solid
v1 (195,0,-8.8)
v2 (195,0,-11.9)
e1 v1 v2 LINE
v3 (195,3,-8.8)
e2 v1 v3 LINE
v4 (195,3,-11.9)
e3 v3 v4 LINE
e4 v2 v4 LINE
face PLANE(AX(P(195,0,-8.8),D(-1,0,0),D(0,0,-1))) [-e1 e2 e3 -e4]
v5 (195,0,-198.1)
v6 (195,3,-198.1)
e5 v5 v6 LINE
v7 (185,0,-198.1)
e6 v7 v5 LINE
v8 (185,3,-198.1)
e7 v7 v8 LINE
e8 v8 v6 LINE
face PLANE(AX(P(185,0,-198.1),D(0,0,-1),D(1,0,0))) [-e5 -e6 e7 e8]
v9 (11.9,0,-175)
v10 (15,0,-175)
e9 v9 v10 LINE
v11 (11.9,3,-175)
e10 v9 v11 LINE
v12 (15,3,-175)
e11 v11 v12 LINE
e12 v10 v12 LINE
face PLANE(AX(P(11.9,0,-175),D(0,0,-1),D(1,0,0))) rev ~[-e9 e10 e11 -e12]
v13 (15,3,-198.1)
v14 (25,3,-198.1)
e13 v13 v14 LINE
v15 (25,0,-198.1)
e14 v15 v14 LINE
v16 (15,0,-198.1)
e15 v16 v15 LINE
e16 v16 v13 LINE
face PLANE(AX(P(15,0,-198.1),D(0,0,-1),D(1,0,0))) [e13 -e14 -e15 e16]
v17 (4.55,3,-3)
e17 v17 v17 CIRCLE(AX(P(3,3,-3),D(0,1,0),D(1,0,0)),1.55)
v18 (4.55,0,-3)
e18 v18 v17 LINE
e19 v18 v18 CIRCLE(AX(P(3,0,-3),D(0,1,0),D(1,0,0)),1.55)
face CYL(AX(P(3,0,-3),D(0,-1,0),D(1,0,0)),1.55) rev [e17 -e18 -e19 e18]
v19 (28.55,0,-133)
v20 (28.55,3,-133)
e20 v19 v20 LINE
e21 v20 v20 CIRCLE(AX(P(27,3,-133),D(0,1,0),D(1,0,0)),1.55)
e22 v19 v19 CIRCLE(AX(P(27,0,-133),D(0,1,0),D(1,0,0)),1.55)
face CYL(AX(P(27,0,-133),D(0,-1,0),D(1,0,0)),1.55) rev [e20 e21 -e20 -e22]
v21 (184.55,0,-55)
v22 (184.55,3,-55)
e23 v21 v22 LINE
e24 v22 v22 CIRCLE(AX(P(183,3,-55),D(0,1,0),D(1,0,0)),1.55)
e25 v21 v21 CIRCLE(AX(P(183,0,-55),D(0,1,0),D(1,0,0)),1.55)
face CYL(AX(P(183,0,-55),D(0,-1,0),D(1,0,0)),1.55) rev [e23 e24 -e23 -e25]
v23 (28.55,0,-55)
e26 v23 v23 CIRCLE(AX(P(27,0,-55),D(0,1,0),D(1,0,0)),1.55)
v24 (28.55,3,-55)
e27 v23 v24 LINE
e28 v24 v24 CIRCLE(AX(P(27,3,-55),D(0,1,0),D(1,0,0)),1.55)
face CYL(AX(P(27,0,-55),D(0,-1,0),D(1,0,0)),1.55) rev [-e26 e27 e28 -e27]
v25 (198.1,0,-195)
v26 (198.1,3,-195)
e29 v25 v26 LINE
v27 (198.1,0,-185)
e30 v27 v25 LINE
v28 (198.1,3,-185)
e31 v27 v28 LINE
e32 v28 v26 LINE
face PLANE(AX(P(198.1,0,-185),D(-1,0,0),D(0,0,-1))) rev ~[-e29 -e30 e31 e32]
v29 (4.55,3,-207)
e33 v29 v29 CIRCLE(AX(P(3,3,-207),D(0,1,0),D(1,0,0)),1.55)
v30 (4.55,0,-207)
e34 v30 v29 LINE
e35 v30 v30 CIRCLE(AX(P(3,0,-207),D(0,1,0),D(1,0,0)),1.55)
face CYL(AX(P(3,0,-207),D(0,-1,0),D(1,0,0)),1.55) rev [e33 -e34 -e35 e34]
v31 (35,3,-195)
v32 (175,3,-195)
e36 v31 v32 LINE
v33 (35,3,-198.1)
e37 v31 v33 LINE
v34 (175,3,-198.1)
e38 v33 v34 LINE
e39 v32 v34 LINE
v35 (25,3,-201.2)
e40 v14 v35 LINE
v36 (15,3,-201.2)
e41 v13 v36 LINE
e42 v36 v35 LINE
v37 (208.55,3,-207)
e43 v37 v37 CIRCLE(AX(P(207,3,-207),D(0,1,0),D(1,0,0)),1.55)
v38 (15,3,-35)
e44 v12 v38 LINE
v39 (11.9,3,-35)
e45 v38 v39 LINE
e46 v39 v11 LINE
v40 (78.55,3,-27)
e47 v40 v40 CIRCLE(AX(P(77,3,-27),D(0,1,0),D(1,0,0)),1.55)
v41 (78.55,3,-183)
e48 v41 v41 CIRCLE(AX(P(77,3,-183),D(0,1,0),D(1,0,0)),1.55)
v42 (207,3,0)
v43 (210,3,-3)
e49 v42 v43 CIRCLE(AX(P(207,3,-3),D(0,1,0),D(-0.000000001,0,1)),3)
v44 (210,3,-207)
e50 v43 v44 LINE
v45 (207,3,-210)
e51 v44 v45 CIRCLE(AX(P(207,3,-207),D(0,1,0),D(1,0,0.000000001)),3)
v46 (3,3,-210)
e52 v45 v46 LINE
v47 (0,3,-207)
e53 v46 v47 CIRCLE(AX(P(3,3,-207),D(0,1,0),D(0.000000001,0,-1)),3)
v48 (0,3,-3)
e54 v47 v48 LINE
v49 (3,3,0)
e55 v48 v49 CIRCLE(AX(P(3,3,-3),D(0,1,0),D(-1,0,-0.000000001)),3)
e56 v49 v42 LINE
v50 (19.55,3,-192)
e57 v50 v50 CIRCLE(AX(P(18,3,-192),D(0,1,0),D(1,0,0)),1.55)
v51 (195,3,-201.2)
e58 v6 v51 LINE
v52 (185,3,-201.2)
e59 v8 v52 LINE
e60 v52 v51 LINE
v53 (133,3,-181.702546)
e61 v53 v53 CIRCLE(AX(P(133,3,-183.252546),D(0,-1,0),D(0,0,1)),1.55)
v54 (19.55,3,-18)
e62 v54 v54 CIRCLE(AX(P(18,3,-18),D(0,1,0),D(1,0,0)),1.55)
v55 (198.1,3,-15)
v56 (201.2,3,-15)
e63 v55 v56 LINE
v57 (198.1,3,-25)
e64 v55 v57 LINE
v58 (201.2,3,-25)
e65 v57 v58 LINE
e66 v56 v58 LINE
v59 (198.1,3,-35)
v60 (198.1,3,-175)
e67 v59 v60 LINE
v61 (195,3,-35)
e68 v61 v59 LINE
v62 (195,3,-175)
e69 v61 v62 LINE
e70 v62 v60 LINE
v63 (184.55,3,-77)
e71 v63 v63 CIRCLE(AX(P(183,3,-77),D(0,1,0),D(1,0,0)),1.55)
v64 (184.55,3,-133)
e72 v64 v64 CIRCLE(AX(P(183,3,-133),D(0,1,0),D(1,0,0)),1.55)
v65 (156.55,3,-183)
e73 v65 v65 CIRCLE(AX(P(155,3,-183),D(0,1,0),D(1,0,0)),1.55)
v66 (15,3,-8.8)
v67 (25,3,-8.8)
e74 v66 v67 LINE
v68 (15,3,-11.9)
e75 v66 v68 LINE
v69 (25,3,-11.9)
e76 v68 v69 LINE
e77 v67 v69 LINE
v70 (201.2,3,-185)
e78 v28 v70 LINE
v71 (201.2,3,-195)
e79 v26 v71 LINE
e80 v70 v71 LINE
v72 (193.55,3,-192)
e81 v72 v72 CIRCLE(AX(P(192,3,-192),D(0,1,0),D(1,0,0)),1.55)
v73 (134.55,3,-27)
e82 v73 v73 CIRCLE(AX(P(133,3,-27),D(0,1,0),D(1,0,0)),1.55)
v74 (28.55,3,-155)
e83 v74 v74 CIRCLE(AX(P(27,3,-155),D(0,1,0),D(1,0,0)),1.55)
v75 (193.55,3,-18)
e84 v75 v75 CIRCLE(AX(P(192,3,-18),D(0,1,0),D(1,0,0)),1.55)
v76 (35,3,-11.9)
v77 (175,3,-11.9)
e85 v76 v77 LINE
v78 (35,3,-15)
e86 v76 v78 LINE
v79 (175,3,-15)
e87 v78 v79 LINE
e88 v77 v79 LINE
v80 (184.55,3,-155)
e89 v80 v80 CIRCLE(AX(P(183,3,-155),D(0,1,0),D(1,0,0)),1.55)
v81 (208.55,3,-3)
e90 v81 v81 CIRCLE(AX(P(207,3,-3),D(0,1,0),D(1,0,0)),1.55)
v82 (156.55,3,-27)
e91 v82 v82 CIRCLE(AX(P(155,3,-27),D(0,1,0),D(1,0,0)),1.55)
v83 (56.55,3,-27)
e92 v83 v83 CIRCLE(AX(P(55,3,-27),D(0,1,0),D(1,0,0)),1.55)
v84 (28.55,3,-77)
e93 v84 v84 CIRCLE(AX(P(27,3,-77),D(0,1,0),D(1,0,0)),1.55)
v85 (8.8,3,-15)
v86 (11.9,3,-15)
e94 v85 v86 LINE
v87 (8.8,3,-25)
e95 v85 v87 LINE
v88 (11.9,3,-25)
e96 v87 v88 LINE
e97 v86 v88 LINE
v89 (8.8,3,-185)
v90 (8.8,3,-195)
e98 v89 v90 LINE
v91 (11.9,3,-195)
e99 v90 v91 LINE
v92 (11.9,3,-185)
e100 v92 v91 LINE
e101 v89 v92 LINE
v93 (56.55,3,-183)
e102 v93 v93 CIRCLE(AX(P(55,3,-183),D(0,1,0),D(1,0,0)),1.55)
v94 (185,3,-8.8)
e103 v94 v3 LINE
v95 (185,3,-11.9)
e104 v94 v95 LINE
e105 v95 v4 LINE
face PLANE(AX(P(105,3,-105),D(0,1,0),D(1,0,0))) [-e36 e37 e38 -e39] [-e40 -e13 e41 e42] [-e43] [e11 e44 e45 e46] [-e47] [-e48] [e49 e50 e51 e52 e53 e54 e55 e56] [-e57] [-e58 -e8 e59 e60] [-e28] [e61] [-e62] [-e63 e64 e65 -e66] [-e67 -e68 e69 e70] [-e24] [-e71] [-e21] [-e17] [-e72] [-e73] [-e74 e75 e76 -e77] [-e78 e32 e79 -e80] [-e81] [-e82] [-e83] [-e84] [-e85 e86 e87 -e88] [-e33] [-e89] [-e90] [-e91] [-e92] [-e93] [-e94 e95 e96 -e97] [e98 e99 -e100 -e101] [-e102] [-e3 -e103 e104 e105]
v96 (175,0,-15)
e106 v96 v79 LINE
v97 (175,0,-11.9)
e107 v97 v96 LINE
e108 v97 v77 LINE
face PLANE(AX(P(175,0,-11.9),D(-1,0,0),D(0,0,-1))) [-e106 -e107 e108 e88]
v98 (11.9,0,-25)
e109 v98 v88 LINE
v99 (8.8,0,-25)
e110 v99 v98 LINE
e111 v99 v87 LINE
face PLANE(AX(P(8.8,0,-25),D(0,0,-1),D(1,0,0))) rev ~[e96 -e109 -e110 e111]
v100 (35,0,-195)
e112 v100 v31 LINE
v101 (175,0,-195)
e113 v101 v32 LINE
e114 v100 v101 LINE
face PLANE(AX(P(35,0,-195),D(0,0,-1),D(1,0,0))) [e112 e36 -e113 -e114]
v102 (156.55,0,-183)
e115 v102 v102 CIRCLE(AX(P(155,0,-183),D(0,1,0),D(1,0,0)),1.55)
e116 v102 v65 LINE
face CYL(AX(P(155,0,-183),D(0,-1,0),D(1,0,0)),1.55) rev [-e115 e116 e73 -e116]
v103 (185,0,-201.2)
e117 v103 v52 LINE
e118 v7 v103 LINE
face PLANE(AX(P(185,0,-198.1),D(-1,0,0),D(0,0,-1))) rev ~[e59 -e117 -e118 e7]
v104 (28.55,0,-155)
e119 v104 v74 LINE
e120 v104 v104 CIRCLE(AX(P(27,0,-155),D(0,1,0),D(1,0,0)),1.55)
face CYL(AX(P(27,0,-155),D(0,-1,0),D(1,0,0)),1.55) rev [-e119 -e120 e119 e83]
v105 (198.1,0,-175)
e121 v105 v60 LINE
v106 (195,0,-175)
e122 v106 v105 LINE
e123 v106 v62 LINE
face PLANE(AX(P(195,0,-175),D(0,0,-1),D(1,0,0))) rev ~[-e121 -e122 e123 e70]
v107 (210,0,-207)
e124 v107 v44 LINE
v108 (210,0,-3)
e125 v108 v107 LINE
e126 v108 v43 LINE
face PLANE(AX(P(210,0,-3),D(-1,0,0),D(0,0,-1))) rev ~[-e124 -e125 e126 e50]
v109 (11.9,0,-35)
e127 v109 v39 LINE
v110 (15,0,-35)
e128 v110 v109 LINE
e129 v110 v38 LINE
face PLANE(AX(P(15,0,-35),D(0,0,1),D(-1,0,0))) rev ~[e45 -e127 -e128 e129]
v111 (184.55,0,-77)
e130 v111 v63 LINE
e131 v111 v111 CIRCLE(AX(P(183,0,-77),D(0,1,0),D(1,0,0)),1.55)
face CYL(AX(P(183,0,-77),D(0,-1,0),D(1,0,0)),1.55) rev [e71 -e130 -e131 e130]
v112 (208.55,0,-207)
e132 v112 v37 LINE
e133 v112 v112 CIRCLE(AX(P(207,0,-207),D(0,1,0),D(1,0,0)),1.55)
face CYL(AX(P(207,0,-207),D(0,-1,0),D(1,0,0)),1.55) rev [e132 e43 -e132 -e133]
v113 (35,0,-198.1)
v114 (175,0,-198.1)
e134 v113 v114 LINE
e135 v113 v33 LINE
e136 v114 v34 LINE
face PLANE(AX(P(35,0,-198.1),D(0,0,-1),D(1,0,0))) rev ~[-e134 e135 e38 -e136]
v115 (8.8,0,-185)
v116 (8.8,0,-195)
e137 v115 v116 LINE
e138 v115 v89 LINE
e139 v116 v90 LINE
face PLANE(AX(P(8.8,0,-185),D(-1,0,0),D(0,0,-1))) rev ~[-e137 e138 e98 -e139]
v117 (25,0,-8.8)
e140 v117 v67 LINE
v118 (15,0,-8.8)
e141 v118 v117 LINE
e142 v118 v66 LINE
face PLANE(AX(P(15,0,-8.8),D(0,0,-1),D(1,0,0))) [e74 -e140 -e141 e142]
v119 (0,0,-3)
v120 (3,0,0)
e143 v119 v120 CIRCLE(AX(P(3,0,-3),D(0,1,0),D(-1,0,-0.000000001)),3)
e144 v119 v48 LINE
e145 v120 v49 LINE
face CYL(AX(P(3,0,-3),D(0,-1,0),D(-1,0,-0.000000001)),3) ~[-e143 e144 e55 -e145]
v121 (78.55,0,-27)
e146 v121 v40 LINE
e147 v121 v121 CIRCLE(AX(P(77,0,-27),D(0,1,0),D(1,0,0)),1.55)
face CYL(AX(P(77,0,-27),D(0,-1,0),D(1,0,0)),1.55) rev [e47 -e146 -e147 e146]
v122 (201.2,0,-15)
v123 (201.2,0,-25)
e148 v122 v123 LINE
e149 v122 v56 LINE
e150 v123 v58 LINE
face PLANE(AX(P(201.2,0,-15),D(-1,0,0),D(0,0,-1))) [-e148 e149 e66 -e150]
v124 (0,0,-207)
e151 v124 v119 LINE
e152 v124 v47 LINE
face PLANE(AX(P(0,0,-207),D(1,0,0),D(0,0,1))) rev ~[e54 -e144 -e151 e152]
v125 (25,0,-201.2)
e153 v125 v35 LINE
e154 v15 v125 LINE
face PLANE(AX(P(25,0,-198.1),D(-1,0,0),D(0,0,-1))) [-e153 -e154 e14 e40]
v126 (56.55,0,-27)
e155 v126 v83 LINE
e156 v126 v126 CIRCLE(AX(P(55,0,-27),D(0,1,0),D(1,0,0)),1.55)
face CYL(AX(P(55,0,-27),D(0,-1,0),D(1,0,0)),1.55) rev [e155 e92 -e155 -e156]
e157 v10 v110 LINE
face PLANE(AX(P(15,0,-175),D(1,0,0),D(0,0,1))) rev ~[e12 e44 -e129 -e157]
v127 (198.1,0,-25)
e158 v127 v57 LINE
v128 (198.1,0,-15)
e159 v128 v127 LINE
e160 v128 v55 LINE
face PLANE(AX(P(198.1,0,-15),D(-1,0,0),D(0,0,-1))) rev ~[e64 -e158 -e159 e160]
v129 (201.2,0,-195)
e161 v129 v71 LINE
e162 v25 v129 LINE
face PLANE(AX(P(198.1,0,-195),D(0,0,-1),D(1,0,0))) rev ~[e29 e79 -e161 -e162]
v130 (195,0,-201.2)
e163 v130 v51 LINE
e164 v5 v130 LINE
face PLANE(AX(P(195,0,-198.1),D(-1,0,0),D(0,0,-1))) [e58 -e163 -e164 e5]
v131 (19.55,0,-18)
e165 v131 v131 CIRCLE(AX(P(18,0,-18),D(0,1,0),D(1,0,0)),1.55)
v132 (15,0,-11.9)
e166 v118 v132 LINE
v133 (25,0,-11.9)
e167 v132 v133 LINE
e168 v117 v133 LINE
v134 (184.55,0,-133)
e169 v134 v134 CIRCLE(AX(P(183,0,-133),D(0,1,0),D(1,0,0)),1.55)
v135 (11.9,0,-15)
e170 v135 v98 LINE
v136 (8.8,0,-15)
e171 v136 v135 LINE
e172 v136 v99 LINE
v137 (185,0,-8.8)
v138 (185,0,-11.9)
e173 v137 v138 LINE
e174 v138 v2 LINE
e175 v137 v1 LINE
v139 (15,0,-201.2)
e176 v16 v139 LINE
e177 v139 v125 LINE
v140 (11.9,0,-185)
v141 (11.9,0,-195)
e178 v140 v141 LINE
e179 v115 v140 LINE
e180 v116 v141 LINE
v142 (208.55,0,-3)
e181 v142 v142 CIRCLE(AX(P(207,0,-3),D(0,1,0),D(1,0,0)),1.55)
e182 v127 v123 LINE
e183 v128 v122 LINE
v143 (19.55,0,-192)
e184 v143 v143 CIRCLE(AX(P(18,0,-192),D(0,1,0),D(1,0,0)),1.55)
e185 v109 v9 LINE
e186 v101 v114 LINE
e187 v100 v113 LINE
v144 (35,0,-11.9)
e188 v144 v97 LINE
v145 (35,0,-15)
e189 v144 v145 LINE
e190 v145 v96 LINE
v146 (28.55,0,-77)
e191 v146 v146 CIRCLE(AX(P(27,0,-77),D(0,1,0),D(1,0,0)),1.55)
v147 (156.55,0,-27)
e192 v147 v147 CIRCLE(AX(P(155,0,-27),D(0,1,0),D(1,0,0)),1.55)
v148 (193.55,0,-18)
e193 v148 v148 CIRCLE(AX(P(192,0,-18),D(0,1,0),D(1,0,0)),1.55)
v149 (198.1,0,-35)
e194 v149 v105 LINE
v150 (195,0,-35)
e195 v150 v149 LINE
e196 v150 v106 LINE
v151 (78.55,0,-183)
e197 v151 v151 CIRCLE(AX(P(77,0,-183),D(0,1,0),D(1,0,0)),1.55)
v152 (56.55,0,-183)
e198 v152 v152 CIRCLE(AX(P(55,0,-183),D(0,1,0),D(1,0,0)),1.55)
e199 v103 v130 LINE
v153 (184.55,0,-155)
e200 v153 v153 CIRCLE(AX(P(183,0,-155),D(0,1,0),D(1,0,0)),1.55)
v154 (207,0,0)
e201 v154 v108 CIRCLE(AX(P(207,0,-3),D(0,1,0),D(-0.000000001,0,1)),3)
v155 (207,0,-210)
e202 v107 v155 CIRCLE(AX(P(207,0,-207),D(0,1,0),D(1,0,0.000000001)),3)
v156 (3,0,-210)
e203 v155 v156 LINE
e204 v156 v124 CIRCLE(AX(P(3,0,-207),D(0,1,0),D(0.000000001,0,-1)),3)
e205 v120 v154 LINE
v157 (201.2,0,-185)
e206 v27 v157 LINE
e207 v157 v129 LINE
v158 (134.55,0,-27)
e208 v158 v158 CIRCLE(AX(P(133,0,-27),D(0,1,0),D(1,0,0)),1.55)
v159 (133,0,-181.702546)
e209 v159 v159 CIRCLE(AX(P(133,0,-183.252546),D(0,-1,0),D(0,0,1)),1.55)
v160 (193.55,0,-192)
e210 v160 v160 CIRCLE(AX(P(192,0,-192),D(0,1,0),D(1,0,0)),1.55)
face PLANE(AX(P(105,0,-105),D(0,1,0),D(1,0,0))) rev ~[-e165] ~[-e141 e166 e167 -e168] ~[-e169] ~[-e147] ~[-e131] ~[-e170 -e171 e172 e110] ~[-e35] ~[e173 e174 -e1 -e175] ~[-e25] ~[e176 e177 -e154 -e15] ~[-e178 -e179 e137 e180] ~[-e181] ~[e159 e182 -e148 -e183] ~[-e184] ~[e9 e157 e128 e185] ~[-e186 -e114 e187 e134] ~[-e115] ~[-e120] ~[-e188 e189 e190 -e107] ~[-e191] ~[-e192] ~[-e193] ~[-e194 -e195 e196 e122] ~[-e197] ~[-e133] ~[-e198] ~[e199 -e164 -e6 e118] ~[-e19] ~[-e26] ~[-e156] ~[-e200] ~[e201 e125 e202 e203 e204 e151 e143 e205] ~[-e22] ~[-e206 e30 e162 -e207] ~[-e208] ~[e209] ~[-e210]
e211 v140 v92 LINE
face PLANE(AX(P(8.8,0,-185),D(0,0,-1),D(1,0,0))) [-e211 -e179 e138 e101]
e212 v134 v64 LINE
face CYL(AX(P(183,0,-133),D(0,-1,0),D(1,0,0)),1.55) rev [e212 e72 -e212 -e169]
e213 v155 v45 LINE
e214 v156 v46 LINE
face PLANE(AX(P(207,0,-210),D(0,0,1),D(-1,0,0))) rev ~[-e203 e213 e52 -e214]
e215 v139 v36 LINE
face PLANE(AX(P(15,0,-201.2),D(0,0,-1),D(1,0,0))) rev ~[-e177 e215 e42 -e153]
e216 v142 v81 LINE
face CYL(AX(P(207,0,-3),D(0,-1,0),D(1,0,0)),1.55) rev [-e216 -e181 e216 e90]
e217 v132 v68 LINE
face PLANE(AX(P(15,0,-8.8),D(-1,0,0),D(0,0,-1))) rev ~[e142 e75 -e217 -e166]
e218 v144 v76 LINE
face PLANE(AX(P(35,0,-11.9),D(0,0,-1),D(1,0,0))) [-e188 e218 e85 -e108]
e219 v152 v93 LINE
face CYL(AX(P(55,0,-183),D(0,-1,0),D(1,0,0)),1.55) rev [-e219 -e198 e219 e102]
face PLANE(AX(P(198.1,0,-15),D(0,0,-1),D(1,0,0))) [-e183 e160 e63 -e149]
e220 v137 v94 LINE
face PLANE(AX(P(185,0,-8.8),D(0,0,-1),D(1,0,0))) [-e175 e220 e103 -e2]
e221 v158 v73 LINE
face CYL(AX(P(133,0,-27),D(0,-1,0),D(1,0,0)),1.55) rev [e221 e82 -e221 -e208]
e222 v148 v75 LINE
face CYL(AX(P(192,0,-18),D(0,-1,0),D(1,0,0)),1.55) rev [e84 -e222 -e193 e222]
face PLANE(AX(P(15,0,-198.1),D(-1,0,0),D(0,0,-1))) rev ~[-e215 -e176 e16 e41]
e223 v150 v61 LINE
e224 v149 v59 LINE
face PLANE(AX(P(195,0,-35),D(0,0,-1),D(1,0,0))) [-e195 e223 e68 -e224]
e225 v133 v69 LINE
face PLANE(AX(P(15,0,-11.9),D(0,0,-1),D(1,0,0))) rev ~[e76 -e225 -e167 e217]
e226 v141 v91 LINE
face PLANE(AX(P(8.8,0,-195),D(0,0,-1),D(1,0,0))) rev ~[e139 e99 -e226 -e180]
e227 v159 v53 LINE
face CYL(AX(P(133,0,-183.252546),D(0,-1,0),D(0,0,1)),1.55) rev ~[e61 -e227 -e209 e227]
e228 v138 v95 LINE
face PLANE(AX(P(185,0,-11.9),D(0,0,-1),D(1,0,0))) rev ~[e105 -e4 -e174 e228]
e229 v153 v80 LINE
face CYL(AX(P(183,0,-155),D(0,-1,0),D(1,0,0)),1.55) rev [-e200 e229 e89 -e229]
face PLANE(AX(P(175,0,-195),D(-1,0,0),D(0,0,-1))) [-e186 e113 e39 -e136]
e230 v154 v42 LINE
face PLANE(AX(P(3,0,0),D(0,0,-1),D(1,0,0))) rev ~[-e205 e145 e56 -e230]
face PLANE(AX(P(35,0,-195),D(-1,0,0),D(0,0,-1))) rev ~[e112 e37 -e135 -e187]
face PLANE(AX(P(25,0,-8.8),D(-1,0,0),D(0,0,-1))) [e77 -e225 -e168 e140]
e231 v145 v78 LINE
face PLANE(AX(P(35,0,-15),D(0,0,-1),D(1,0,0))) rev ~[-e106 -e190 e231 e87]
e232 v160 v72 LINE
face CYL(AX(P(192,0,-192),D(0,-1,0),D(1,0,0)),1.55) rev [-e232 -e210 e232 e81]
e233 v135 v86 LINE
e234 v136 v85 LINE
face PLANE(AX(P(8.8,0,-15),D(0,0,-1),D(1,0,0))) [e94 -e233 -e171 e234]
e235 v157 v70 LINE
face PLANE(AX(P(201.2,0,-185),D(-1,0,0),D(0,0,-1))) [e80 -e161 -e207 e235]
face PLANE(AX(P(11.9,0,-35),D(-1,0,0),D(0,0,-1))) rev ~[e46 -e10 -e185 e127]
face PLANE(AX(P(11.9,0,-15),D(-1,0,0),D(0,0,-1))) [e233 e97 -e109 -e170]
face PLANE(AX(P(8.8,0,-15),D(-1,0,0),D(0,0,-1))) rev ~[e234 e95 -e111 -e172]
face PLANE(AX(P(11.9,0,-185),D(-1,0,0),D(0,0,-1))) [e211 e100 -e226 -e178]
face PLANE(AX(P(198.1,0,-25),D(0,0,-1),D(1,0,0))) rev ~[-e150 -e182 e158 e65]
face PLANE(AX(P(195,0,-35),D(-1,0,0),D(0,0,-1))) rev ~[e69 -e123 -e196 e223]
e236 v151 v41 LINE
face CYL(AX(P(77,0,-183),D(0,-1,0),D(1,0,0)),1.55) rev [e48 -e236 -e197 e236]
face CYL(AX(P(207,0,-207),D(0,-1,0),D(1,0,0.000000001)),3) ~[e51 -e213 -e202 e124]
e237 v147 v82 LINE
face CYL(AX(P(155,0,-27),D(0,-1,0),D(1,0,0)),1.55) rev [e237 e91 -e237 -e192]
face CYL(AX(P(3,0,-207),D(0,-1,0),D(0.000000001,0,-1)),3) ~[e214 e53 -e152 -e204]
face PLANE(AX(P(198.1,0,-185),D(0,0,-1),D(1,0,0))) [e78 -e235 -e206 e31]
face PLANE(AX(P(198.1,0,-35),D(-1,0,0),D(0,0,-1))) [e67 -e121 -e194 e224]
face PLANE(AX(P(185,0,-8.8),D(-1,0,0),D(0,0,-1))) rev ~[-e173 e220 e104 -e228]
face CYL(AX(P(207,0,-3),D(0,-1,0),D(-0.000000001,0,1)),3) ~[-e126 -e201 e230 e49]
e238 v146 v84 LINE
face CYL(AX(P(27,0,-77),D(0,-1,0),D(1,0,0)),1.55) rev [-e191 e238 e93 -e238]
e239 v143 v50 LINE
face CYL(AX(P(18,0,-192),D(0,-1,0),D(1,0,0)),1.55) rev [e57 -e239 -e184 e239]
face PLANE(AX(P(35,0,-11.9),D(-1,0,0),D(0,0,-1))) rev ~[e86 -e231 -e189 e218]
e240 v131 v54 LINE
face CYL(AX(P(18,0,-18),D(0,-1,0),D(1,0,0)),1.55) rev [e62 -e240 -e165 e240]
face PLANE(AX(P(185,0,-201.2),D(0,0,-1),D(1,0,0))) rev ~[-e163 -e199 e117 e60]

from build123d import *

# Parameters (mm, degrees)
SKETCH_3_R      = 1.55
SKETCH_3_W      = 10
SKETCH_3_H      = 3.1
SKETCH_3_W_2    = 3.1
SKETCH_3_H_2    = 10
SKETCH_3_W_3    = 140
SKETCH_3_H_3    = 140
EXTRUDE_1_DEPTH = 3


with BuildPart() as part:
    # 草图3 → 凸台-拉伸1 (new body)
    with BuildSketch(Plane(origin=(0, 0, 0), x_dir=(1, 0, 0), z_dir=(0, 1, 0))):
        with BuildLine():
            ThreePointArc((0, 3), (0.878679656, 0.878679656), (3, 0))
            Line((3, 0), (207, 0))
            ThreePointArc((207, 0), (209.121320344, 0.878679656), (210, 3))
            Line((210, 3), (210, 207))
            ThreePointArc((210, 207), (209.121320344, 209.121320344), (207, 210))
            Line((207, 210), (3, 210))
            ThreePointArc((3, 210), (0.878679656, 209.121320344), (0, 207))
            Line((0, 207), (0, 3))
        make_face()
        with Locations((3, 3)):
            Circle(SKETCH_3_R, mode=Mode.SUBTRACT)
        with Locations((20, 10.35)):
            Rectangle(SKETCH_3_W, SKETCH_3_H, mode=Mode.SUBTRACT)
        with Locations((10.35, 20)):
            Rectangle(SKETCH_3_W_2, SKETCH_3_H_2, mode=Mode.SUBTRACT)
        with Locations((190, 10.35)):
            Rectangle(SKETCH_3_W, SKETCH_3_H, mode=Mode.SUBTRACT)
        with Locations((207, 3)):
            Circle(SKETCH_3_R, mode=Mode.SUBTRACT)
        with Locations((199.65, 20)):
            Rectangle(SKETCH_3_W_2, SKETCH_3_H_2, mode=Mode.SUBTRACT)
        with Locations((105, 196.55)):
            Rectangle(SKETCH_3_W_3, SKETCH_3_H, mode=Mode.SUBTRACT)
        Polygon((11.9, 175), (15, 175), (15, 87), (15, 35), (11.9, 35), align=None, mode=Mode.SUBTRACT)
        with Locations((105, 13.45)):
            Rectangle(SKETCH_3_W_3, SKETCH_3_H, mode=Mode.SUBTRACT)
        with Locations((196.55, 105)):
            Rectangle(SKETCH_3_W_2, SKETCH_3_H_3, mode=Mode.SUBTRACT)
        with Locations((10.35, 190)):
            Rectangle(SKETCH_3_W_2, SKETCH_3_H_2, mode=Mode.SUBTRACT)
        with Locations((3, 207)):
            Circle(SKETCH_3_R, mode=Mode.SUBTRACT)
        with Locations((20, 199.65)):
            Rectangle(SKETCH_3_W, SKETCH_3_H, mode=Mode.SUBTRACT)
        with Locations((199.65, 190)):
            Rectangle(SKETCH_3_W_2, SKETCH_3_H_2, mode=Mode.SUBTRACT)
        with Locations((190, 199.65)):
            Rectangle(SKETCH_3_W, SKETCH_3_H, mode=Mode.SUBTRACT)
        with Locations((207, 207)):
            Circle(SKETCH_3_R, mode=Mode.SUBTRACT)
        with BuildLine():
            ThreePointArc((133, 184.80254627), (134.55, 183.25254627), (133, 181.70254627))
            ThreePointArc((133, 181.70254627), (131.45, 183.25254627), (133, 184.80254627))
        make_face(mode=Mode.SUBTRACT)
        with Locations((155, 183)):
            Circle(SKETCH_3_R, mode=Mode.SUBTRACT)
        with Locations((192, 192)):
            Circle(SKETCH_3_R, mode=Mode.SUBTRACT)
        with Locations((18, 18)):
            Circle(SKETCH_3_R, mode=Mode.SUBTRACT)
        with Locations((55, 27)):
            Circle(SKETCH_3_R, mode=Mode.SUBTRACT)
        with Locations((77, 27)):
            Circle(SKETCH_3_R, mode=Mode.SUBTRACT)
        with Locations((27, 55)):
            Circle(SKETCH_3_R, mode=Mode.SUBTRACT)
        with Locations((27, 77)):
            Circle(SKETCH_3_R, mode=Mode.SUBTRACT)
        with Locations((133, 27)):
            Circle(SKETCH_3_R, mode=Mode.SUBTRACT)
        with Locations((155, 27)):
            Circle(SKETCH_3_R, mode=Mode.SUBTRACT)
        with Locations((192, 18)):
            Circle(SKETCH_3_R, mode=Mode.SUBTRACT)
        with Locations((183, 55)):
            Circle(SKETCH_3_R, mode=Mode.SUBTRACT)
        with Locations((183, 77)):
            Circle(SKETCH_3_R, mode=Mode.SUBTRACT)
        with Locations((27, 133)):
            Circle(SKETCH_3_R, mode=Mode.SUBTRACT)
        with Locations((27, 155)):
            Circle(SKETCH_3_R, mode=Mode.SUBTRACT)
        with Locations((18, 192)):
            Circle(SKETCH_3_R, mode=Mode.SUBTRACT)
        with Locations((55, 183)):
            Circle(SKETCH_3_R, mode=Mode.SUBTRACT)
        with Locations((77, 183)):
            Circle(SKETCH_3_R, mode=Mode.SUBTRACT)
        with Locations((183, 133)):
            Circle(SKETCH_3_R, mode=Mode.SUBTRACT)
        with Locations((183, 155)):
            Circle(SKETCH_3_R, mode=Mode.SUBTRACT)
    extrude(amount=EXTRUDE_1_DEPTH)


solid = part.part
